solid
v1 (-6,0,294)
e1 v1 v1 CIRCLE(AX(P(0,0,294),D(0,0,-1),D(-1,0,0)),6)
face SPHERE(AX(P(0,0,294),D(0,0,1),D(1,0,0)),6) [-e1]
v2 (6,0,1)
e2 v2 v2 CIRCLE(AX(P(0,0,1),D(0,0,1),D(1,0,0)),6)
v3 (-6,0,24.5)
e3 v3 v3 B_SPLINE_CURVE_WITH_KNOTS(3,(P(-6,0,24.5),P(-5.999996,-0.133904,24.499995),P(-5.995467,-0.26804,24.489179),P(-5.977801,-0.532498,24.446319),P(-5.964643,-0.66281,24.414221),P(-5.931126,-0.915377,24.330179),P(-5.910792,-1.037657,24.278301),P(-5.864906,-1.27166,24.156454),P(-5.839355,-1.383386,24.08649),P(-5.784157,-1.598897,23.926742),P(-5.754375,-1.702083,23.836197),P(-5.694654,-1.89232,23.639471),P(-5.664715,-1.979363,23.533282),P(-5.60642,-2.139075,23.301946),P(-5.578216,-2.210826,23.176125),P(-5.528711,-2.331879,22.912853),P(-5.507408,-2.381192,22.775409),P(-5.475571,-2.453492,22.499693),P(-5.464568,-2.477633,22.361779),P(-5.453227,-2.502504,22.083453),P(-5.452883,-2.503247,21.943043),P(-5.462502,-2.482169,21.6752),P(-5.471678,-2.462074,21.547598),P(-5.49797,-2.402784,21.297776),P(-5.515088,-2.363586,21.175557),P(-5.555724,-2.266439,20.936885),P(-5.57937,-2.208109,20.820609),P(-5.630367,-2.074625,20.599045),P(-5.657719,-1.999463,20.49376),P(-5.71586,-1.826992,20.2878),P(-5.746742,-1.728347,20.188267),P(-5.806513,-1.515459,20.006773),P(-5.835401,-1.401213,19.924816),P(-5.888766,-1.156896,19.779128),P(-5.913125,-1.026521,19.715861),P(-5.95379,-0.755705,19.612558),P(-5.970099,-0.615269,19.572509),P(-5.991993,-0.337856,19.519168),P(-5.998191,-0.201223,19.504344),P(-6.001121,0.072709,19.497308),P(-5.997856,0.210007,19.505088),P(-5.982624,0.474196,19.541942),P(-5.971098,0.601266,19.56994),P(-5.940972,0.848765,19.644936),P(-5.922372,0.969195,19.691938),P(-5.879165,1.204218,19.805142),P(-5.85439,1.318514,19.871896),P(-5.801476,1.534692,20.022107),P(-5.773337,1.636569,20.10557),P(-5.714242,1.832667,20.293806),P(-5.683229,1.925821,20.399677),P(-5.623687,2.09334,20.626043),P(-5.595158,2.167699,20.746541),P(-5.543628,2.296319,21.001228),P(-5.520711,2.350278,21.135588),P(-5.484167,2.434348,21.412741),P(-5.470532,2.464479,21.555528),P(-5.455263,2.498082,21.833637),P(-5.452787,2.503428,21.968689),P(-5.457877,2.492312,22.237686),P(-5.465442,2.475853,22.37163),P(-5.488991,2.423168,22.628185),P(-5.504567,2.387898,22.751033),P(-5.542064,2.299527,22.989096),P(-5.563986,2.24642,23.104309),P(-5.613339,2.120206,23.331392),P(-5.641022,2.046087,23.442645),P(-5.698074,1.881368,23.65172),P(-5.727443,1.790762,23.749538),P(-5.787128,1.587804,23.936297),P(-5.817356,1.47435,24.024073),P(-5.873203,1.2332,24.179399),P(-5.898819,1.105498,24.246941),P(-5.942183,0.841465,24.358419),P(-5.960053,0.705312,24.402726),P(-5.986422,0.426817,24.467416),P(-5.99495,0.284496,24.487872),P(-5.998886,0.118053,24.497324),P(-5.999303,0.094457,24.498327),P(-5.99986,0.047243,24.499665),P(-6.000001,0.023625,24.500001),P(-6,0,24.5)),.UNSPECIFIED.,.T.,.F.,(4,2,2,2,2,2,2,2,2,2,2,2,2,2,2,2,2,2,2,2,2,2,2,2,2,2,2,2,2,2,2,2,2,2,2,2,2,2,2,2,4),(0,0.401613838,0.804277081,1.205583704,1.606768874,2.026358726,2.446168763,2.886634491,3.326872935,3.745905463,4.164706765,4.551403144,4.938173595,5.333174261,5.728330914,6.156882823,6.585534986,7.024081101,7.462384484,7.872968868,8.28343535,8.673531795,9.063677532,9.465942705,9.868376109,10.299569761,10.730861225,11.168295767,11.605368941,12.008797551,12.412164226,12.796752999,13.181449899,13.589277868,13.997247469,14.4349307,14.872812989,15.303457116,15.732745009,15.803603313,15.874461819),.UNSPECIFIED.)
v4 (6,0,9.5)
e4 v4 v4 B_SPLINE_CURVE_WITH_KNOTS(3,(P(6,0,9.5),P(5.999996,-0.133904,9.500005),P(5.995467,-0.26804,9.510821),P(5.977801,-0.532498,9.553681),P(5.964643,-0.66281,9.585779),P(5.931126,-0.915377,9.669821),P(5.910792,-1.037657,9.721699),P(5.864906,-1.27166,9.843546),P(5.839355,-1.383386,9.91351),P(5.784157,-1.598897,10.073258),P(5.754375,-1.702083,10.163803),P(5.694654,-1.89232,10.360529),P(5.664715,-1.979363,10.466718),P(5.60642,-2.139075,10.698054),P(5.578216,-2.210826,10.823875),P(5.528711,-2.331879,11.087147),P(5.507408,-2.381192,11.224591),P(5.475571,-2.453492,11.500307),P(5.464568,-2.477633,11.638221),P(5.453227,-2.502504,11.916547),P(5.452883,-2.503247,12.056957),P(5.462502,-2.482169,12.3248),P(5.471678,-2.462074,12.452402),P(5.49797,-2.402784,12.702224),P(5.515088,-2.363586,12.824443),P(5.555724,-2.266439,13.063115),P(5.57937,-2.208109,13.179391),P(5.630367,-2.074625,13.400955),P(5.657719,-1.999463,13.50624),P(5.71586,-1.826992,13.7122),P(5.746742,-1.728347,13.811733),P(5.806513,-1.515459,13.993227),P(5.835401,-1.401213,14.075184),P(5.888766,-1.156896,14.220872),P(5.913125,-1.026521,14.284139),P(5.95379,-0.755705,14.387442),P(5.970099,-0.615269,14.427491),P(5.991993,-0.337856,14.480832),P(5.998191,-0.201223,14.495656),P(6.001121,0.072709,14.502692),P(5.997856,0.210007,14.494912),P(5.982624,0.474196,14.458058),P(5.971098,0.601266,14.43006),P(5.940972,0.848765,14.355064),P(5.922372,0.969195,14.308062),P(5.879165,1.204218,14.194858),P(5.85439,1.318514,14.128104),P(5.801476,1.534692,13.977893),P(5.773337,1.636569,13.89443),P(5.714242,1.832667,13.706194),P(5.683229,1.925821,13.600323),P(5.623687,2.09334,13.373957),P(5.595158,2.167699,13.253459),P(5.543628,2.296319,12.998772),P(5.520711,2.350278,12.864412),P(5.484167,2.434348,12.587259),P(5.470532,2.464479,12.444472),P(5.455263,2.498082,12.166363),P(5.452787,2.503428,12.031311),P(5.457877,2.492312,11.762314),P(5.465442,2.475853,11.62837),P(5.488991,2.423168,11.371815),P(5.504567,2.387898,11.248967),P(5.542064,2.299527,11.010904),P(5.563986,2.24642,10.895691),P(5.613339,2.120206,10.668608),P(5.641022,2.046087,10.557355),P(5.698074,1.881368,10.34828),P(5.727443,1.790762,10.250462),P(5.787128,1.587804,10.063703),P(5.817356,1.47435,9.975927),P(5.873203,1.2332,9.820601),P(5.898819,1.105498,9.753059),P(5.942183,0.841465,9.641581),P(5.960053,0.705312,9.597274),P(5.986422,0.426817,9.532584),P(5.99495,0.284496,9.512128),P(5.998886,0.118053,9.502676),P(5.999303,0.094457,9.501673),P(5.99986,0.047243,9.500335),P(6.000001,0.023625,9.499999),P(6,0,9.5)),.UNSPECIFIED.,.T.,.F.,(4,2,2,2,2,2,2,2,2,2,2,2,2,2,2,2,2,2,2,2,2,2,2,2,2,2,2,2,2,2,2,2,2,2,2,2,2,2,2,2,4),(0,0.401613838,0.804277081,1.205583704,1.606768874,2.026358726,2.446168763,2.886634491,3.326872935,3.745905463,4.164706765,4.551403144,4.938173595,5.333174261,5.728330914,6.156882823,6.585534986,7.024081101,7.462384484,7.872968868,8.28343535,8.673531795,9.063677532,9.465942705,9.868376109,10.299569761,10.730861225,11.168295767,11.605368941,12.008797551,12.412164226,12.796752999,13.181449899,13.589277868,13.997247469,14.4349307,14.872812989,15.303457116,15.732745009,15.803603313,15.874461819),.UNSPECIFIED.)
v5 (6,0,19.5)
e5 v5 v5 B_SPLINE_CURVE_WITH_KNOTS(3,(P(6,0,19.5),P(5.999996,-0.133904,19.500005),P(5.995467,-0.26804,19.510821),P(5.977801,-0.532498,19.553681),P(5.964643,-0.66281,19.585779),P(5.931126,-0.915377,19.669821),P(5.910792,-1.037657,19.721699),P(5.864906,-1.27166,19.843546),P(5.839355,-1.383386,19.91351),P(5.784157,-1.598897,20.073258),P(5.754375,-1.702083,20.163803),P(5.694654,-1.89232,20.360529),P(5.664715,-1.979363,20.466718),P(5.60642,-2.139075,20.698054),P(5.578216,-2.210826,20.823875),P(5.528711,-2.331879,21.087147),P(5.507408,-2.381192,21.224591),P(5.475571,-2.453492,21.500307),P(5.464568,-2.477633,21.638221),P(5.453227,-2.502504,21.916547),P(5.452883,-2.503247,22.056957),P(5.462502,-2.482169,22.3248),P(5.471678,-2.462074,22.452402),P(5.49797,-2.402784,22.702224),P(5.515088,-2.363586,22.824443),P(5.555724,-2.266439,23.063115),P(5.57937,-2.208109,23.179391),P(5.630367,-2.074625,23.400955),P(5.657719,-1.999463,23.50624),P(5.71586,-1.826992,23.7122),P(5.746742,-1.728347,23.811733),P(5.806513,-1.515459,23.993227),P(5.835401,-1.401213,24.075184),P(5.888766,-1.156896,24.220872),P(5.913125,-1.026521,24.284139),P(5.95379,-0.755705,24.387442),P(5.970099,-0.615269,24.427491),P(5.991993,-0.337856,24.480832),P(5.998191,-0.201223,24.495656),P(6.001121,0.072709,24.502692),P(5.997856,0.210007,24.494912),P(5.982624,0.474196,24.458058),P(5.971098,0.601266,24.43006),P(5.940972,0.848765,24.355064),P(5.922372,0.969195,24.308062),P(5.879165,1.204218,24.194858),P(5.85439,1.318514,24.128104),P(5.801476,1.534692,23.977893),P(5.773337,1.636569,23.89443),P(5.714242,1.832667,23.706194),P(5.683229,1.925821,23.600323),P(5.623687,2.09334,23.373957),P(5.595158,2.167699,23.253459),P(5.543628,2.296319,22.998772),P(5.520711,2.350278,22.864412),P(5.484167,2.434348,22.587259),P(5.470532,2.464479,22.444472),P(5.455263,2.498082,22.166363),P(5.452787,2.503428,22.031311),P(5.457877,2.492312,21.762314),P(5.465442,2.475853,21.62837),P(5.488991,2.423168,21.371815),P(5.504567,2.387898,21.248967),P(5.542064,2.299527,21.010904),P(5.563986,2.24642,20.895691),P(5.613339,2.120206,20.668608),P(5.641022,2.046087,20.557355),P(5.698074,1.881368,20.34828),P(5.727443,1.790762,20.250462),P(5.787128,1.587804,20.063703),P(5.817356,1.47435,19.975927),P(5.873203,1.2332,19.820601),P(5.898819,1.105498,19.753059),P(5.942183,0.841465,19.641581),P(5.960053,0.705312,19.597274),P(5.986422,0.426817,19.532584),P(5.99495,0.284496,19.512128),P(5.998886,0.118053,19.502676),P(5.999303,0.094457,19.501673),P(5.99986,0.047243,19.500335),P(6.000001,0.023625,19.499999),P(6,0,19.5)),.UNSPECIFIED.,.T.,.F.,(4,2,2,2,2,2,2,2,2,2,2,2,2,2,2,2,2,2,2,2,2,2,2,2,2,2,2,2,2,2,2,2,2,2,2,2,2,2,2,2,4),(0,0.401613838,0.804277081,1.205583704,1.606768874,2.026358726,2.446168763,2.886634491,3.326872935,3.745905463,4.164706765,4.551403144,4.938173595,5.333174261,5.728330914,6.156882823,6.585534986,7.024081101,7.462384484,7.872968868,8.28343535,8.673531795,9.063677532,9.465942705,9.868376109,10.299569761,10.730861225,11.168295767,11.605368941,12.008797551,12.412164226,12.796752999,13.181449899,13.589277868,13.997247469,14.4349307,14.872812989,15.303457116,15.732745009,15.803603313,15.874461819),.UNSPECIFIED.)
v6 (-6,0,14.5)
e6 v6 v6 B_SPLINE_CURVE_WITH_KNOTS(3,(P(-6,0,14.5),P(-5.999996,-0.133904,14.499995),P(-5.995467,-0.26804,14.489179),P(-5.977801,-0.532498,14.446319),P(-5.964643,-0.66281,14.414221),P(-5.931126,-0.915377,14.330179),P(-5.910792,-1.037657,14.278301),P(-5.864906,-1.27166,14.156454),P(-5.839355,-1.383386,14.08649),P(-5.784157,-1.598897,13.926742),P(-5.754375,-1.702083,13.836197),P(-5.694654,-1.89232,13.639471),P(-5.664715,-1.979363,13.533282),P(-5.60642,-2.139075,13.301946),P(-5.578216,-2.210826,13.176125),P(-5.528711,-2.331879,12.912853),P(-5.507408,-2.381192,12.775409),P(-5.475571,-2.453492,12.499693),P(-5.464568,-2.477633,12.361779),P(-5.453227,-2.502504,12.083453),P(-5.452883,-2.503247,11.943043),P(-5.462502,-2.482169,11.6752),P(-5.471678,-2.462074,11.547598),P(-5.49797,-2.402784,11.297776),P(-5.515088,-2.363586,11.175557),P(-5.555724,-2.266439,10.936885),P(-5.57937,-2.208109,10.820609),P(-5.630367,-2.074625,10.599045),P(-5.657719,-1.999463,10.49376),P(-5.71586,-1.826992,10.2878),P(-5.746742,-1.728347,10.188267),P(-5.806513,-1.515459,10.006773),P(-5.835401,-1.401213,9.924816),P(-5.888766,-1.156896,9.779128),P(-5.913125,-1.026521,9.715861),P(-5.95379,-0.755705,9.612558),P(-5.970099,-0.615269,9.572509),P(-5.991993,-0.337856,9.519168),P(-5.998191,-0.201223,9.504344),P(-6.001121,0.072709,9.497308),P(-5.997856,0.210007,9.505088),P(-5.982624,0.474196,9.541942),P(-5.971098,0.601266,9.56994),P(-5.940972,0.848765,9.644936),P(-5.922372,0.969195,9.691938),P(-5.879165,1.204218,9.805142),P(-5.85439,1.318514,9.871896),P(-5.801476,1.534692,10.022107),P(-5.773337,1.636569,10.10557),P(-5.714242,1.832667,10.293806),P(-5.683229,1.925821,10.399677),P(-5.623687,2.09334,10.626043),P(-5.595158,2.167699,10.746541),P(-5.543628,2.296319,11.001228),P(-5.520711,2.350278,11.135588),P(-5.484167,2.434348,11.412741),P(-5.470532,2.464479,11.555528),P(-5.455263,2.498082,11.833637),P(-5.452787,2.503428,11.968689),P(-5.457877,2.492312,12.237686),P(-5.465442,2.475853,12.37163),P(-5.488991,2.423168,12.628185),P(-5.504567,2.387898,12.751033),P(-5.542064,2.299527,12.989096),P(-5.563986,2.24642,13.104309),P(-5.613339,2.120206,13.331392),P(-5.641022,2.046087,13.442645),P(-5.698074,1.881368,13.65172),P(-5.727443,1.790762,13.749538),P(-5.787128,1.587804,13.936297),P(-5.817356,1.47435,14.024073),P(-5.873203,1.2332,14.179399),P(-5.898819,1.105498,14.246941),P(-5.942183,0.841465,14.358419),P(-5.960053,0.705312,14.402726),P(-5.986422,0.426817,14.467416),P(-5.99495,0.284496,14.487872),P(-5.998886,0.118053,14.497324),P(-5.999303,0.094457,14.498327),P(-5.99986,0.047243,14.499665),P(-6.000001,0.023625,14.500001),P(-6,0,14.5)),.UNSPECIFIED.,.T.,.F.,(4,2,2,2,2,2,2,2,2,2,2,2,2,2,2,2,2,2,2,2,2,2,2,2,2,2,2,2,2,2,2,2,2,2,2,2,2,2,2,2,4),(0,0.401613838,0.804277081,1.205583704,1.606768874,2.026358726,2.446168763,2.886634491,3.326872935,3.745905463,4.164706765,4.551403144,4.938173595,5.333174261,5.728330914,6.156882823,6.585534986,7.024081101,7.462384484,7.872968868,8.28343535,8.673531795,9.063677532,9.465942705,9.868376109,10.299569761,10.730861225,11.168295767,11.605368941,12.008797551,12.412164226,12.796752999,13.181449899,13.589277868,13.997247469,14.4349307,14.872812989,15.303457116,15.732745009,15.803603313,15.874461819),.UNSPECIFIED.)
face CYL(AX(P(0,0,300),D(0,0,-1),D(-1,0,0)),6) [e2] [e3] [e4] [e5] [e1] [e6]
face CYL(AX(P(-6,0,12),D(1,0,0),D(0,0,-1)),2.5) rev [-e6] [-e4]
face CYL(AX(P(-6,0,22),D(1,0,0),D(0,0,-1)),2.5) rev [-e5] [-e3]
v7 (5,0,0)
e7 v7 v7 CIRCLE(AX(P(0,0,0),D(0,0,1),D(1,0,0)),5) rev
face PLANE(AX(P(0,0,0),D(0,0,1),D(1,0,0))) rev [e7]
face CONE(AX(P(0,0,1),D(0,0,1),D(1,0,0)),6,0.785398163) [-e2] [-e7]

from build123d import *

# Parameters (mm, degrees)
CROQUIS1_R                 = 6
SALIENTE_EXTRUIR1_DEPTH    = 300
REDONDEO1_R                = 6
CORTAR_EXTRUIR1_DEPTH      = 301.11997601
CORTAR_EXTRUIR1_DEPTH_BACK = 301.11997601
CROQUIS2_R                 = 2.5
CHAFL_N1_SIZE              = 1


with BuildPart() as part:
    # Croquis1 → Saliente-Extruir1 (new body)
    with BuildSketch(Plane.XY):
        Circle(CROQUIS1_R)
    extrude(amount=SALIENTE_EXTRUIR1_DEPTH)

    # Redondeo1
    redondeo1_edges = [part.edges().sort_by_distance(p)[0] for p in [
        (-6, 0, 300),
    ]]
    fillet(redondeo1_edges, radius=REDONDEO1_R)

    # Croquis2 → Cortar-Extruir1 (cut, two sides: drawn at the far end of the back side and taken through both)
    with BuildSketch(Plane(origin=(0, 0, 0), x_dir=(0, 0, -1), z_dir=(1, 0, 0)).offset(-CORTAR_EXTRUIR1_DEPTH_BACK)):
        with Locations((-12, 0)):
            Circle(CROQUIS2_R)
        with Locations((-22, 0)):
            Circle(CROQUIS2_R)
    extrude(amount=CORTAR_EXTRUIR1_DEPTH + CORTAR_EXTRUIR1_DEPTH_BACK, mode=Mode.SUBTRACT)

    # Chaflán1
    chafl_n1_edges = [part.edges().sort_by_distance(p)[0] for p in [
        (-6, 0, 0),
    ]]
    chamfer(chafl_n1_edges, length=CHAFL_N1_SIZE)


solid = part.part
